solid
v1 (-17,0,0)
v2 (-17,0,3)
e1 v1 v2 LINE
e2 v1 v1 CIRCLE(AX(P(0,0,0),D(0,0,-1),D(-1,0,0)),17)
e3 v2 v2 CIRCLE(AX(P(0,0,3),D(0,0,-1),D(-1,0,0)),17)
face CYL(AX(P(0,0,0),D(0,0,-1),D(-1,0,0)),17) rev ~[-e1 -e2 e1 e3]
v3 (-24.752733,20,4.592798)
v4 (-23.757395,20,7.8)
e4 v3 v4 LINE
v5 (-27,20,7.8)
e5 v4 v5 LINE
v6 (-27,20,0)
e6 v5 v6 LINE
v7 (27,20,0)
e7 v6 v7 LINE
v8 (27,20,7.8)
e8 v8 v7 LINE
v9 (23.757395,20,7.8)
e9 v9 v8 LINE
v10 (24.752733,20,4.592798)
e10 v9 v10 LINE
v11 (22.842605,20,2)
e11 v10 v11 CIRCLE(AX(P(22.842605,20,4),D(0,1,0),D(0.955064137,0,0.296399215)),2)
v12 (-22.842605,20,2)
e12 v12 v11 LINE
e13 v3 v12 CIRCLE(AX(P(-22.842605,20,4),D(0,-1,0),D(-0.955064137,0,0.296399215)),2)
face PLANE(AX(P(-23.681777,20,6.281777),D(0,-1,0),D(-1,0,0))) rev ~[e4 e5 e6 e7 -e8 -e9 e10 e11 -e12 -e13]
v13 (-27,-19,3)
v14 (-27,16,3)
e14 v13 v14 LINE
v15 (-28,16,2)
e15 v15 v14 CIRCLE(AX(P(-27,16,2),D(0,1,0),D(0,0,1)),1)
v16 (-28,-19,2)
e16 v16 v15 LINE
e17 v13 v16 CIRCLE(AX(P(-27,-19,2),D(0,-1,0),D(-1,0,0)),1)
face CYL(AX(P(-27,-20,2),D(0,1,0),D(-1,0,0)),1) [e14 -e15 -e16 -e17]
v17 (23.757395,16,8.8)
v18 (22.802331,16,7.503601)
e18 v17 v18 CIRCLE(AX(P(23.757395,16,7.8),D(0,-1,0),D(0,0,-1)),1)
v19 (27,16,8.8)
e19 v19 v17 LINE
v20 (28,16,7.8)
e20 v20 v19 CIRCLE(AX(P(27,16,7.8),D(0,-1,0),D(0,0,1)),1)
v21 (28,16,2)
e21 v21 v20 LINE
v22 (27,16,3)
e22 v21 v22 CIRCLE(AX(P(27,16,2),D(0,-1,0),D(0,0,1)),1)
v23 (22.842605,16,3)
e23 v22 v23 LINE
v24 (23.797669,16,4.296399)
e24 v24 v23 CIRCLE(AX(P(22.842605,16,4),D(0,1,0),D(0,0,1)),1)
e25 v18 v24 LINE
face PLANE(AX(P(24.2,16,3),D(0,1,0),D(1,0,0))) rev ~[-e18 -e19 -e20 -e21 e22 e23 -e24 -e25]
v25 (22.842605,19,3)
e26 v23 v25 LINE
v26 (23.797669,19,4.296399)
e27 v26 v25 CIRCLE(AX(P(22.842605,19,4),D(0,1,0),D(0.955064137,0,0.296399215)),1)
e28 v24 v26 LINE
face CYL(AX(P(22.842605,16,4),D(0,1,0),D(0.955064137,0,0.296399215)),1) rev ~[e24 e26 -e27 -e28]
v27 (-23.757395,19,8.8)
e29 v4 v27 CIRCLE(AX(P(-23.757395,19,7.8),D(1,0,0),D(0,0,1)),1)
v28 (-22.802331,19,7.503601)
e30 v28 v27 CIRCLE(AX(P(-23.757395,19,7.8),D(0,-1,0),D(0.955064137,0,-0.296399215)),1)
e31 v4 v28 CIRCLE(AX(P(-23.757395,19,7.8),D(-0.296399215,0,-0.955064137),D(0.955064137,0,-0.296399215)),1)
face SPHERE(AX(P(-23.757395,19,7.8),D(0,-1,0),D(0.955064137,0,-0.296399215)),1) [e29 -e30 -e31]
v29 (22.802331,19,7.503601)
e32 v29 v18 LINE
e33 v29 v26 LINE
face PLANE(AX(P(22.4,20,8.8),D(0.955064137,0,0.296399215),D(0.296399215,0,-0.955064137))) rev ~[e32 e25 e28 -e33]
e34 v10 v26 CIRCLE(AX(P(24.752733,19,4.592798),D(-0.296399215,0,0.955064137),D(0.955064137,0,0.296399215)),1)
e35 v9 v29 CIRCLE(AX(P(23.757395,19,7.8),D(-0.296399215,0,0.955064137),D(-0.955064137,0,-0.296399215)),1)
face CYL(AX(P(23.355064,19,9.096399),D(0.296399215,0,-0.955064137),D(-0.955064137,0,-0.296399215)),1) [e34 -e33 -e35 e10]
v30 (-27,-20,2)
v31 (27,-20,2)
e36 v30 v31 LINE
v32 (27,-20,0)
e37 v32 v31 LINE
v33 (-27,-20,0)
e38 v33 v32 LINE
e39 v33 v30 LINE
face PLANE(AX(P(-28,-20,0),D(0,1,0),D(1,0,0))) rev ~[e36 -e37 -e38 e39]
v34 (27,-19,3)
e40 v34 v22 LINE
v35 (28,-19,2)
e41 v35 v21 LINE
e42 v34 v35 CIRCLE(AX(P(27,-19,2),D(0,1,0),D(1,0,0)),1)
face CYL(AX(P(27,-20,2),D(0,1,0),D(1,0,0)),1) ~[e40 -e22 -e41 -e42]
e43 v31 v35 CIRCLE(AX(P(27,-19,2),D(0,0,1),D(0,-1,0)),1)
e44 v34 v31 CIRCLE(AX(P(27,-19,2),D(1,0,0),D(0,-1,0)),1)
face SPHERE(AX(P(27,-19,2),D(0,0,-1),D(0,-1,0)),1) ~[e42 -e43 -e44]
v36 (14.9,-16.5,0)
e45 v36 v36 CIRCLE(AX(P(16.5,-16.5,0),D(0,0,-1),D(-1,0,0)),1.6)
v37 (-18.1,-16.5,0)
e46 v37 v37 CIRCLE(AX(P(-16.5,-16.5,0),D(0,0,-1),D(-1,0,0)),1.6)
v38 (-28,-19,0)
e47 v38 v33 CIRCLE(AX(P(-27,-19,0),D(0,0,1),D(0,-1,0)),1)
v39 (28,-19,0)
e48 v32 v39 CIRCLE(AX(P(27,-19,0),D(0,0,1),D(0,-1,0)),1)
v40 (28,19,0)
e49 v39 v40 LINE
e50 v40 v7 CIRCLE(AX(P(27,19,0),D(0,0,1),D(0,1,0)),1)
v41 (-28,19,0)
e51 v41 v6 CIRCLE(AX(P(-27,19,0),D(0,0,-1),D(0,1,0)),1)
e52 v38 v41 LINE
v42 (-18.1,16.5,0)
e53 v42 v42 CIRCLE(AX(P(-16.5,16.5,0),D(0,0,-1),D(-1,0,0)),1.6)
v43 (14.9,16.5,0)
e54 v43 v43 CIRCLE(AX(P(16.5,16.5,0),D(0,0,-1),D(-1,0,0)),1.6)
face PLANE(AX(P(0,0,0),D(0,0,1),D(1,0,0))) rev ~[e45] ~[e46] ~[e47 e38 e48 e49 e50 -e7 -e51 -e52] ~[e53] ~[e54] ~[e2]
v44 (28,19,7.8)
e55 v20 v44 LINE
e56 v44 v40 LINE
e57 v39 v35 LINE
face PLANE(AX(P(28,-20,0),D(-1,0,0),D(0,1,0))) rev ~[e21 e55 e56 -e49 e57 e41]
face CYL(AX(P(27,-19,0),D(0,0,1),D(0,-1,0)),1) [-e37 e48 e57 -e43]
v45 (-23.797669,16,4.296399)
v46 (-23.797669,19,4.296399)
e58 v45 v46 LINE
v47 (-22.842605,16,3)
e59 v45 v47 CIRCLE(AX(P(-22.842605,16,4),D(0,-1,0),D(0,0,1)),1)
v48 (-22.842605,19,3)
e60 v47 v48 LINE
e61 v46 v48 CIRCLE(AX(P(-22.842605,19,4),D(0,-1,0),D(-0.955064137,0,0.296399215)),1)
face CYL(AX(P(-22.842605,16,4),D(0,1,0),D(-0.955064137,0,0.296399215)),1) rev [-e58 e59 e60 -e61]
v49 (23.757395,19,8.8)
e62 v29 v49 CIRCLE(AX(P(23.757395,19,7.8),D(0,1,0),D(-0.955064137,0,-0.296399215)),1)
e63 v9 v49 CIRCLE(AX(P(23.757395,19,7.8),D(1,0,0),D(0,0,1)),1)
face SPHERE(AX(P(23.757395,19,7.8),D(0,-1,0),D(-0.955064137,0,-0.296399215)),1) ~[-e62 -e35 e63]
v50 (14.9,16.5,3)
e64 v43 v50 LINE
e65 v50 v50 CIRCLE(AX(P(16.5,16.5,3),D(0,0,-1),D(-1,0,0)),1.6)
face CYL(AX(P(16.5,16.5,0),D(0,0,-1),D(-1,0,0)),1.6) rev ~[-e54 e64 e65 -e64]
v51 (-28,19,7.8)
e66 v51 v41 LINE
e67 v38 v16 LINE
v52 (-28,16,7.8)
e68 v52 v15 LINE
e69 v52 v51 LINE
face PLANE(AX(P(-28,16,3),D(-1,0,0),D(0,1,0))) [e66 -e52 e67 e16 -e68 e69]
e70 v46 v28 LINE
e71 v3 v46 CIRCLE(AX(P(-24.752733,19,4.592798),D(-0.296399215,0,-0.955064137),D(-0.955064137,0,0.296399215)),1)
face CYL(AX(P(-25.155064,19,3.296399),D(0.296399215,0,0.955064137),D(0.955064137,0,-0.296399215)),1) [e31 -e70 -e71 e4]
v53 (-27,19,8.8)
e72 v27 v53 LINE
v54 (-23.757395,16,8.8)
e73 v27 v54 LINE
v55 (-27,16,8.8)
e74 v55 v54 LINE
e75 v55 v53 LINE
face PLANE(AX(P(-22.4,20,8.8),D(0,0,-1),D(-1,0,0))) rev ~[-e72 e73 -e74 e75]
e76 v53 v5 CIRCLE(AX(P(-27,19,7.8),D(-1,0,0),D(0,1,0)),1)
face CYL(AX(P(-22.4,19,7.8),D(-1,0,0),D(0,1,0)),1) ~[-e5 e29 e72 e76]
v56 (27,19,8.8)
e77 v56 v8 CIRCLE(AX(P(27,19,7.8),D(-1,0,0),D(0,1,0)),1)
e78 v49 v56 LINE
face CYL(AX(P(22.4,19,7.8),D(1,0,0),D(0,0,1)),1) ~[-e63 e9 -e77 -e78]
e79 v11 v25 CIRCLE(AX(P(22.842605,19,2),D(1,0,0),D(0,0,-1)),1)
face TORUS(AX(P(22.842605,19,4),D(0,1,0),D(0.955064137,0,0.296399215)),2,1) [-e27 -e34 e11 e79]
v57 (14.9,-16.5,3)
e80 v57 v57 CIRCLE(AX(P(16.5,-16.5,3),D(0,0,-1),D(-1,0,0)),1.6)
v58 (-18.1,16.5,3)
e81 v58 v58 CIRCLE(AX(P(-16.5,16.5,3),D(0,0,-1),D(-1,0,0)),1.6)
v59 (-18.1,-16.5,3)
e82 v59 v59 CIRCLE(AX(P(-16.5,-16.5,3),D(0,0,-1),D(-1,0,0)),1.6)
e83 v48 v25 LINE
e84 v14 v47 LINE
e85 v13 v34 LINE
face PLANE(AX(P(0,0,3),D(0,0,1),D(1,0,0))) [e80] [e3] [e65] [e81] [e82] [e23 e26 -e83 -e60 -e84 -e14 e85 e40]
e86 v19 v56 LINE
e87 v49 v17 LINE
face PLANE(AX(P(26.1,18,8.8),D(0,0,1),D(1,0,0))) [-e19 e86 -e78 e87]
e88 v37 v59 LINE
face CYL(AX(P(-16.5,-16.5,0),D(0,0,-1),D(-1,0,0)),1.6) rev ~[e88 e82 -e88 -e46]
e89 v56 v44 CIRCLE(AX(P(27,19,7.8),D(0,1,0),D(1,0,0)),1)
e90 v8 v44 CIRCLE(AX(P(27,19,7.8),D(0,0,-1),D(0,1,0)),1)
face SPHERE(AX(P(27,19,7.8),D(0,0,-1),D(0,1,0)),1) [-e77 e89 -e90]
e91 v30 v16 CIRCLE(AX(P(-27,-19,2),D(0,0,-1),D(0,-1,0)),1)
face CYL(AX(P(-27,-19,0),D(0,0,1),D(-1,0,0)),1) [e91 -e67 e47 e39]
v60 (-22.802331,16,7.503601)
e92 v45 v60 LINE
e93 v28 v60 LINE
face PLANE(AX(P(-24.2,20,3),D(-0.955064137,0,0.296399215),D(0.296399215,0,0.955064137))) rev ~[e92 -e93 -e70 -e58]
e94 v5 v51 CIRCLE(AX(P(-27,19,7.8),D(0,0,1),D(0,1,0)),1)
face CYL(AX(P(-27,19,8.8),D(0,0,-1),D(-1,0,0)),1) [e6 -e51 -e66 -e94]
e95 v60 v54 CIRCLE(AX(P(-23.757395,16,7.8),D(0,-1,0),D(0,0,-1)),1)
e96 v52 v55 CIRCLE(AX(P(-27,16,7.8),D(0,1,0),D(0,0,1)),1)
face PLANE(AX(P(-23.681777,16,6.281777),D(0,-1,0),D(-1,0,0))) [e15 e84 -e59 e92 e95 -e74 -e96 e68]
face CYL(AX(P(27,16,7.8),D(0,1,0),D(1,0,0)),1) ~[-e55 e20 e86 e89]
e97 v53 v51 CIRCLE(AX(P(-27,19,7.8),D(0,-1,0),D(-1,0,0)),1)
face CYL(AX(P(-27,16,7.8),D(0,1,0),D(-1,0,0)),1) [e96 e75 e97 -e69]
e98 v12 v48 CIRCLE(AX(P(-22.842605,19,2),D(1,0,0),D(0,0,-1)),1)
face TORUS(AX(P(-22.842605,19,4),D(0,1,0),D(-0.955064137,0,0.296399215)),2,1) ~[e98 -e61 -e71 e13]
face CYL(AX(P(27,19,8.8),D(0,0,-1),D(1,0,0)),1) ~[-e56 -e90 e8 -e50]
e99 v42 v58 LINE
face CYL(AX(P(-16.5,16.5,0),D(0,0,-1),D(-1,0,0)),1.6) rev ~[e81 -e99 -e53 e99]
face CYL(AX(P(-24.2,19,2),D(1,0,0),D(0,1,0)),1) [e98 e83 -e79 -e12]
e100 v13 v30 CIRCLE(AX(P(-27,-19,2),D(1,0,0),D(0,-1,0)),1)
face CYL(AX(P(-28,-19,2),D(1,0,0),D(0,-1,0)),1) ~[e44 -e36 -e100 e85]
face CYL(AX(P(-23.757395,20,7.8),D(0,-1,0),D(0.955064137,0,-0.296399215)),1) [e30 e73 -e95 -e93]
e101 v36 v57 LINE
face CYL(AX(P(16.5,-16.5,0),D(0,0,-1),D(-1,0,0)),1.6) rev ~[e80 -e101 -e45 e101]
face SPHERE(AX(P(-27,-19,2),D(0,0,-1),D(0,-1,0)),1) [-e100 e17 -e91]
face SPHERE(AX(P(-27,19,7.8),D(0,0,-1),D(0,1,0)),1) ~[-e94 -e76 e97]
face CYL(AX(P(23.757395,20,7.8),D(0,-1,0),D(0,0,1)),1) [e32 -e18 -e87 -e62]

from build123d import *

# Parameters (mm, degrees)
ESQUISSE1_W             = 56
ESQUISSE1_H             = 40
BOSS_EXTRU_1_DEPTH      = 3
ESQUISSE2_W             = 3.8
ESQUISSE2_H             = 4
BOSS_EXTRU_2_DEPTH      = 5.8
BOSS_EXTRU_3_DEPTH      = 4
CONG_1_R                = 1
ESQUISSE4_R             = 1.6
ENL_V_MAT_EXTRU_1_DEPTH = 9.8
ESQUISSE5_R             = 17
ENL_V_MAT_EXTRU_2_DEPTH = 9.8


with BuildPart() as part:
    # Esquisse1 → Boss.-Extru.1 (new body)
    with BuildSketch(Plane.XY):
        Rectangle(ESQUISSE1_W, ESQUISSE1_H)
    extrude(amount=BOSS_EXTRU_1_DEPTH)

    # Esquisse2 → Boss.-Extru.2 (add)
    with BuildSketch(Plane.XY.offset(3)):
        with Locations((-26.1, 18)):
            Rectangle(ESQUISSE2_W, ESQUISSE2_H)
        with Locations((26.1, 18)):
            Rectangle(ESQUISSE2_W, ESQUISSE2_H)
    extrude(amount=BOSS_EXTRU_2_DEPTH)

    # Esquisse3 → Boss.-Extru.3 (add)
    with BuildSketch(Plane(origin=(0, 20, 0), x_dir=(1, 0, 0), z_dir=(0, 1, 0))):
        Polygon((-24.2, -3), (-22.4, -8.8), (-24.2, -8.8), align=None)
        Polygon((24.2, -3), (24.2, -8.8), (22.4, -8.8), align=None)
    extrude(amount=-BOSS_EXTRU_3_DEPTH)

    # Congé1
    cong_1_edges = [part.edges().sort_by_distance(p)[0] for p in [
        (23.3, 20, 5.9),
        (-23.3, 20, 5.9),
        (28, -20, 1.5),
        (-28, -20, 1.5),
        (-28, 20, 4.4),
        (28, 20, 4.4),
        (25.2, 20, 8.8),
        (-25.2, 20, 8.8),
        (0, 20, 3),
        (0, -20, 3),
        (28, -2, 3),
        (-28, -2, 3),
        (24.2, 18, 3),
        (22.4, 18, 8.8),
        (28, 18, 8.8),
        (-28, 18, 8.8),
        (-22.4, 18, 8.8),
        (-24.2, 18, 3),
    ]]
    fillet(cong_1_edges, radius=CONG_1_R)

    # Esquisse4 → Enlèv. mat.-Extru.1 (cut, through all)
    with BuildSketch(Plane(origin=(0, 0, 0), x_dir=(-1, 0, 0), z_dir=(0, 0, -1))):
        with Locations((-16.5, 16.5)):
            Circle(ESQUISSE4_R)
        with Locations((-16.5, -16.5)):
            Circle(ESQUISSE4_R)
        with Locations((16.5, 16.5)):
            Circle(ESQUISSE4_R)
        with Locations((16.5, -16.5)):
            Circle(ESQUISSE4_R)
    extrude(amount=-ENL_V_MAT_EXTRU_1_DEPTH, mode=Mode.SUBTRACT)

    # Esquisse5 → Enlèv. mat.-Extru.2 (cut, through all)
    with BuildSketch(Plane(origin=(0, 0, 0), x_dir=(-1, 0, 0), z_dir=(0, 0, -1))):
        Circle(ESQUISSE5_R)
    extrude(amount=-ENL_V_MAT_EXTRU_2_DEPTH, mode=Mode.SUBTRACT)


solid = part.part
